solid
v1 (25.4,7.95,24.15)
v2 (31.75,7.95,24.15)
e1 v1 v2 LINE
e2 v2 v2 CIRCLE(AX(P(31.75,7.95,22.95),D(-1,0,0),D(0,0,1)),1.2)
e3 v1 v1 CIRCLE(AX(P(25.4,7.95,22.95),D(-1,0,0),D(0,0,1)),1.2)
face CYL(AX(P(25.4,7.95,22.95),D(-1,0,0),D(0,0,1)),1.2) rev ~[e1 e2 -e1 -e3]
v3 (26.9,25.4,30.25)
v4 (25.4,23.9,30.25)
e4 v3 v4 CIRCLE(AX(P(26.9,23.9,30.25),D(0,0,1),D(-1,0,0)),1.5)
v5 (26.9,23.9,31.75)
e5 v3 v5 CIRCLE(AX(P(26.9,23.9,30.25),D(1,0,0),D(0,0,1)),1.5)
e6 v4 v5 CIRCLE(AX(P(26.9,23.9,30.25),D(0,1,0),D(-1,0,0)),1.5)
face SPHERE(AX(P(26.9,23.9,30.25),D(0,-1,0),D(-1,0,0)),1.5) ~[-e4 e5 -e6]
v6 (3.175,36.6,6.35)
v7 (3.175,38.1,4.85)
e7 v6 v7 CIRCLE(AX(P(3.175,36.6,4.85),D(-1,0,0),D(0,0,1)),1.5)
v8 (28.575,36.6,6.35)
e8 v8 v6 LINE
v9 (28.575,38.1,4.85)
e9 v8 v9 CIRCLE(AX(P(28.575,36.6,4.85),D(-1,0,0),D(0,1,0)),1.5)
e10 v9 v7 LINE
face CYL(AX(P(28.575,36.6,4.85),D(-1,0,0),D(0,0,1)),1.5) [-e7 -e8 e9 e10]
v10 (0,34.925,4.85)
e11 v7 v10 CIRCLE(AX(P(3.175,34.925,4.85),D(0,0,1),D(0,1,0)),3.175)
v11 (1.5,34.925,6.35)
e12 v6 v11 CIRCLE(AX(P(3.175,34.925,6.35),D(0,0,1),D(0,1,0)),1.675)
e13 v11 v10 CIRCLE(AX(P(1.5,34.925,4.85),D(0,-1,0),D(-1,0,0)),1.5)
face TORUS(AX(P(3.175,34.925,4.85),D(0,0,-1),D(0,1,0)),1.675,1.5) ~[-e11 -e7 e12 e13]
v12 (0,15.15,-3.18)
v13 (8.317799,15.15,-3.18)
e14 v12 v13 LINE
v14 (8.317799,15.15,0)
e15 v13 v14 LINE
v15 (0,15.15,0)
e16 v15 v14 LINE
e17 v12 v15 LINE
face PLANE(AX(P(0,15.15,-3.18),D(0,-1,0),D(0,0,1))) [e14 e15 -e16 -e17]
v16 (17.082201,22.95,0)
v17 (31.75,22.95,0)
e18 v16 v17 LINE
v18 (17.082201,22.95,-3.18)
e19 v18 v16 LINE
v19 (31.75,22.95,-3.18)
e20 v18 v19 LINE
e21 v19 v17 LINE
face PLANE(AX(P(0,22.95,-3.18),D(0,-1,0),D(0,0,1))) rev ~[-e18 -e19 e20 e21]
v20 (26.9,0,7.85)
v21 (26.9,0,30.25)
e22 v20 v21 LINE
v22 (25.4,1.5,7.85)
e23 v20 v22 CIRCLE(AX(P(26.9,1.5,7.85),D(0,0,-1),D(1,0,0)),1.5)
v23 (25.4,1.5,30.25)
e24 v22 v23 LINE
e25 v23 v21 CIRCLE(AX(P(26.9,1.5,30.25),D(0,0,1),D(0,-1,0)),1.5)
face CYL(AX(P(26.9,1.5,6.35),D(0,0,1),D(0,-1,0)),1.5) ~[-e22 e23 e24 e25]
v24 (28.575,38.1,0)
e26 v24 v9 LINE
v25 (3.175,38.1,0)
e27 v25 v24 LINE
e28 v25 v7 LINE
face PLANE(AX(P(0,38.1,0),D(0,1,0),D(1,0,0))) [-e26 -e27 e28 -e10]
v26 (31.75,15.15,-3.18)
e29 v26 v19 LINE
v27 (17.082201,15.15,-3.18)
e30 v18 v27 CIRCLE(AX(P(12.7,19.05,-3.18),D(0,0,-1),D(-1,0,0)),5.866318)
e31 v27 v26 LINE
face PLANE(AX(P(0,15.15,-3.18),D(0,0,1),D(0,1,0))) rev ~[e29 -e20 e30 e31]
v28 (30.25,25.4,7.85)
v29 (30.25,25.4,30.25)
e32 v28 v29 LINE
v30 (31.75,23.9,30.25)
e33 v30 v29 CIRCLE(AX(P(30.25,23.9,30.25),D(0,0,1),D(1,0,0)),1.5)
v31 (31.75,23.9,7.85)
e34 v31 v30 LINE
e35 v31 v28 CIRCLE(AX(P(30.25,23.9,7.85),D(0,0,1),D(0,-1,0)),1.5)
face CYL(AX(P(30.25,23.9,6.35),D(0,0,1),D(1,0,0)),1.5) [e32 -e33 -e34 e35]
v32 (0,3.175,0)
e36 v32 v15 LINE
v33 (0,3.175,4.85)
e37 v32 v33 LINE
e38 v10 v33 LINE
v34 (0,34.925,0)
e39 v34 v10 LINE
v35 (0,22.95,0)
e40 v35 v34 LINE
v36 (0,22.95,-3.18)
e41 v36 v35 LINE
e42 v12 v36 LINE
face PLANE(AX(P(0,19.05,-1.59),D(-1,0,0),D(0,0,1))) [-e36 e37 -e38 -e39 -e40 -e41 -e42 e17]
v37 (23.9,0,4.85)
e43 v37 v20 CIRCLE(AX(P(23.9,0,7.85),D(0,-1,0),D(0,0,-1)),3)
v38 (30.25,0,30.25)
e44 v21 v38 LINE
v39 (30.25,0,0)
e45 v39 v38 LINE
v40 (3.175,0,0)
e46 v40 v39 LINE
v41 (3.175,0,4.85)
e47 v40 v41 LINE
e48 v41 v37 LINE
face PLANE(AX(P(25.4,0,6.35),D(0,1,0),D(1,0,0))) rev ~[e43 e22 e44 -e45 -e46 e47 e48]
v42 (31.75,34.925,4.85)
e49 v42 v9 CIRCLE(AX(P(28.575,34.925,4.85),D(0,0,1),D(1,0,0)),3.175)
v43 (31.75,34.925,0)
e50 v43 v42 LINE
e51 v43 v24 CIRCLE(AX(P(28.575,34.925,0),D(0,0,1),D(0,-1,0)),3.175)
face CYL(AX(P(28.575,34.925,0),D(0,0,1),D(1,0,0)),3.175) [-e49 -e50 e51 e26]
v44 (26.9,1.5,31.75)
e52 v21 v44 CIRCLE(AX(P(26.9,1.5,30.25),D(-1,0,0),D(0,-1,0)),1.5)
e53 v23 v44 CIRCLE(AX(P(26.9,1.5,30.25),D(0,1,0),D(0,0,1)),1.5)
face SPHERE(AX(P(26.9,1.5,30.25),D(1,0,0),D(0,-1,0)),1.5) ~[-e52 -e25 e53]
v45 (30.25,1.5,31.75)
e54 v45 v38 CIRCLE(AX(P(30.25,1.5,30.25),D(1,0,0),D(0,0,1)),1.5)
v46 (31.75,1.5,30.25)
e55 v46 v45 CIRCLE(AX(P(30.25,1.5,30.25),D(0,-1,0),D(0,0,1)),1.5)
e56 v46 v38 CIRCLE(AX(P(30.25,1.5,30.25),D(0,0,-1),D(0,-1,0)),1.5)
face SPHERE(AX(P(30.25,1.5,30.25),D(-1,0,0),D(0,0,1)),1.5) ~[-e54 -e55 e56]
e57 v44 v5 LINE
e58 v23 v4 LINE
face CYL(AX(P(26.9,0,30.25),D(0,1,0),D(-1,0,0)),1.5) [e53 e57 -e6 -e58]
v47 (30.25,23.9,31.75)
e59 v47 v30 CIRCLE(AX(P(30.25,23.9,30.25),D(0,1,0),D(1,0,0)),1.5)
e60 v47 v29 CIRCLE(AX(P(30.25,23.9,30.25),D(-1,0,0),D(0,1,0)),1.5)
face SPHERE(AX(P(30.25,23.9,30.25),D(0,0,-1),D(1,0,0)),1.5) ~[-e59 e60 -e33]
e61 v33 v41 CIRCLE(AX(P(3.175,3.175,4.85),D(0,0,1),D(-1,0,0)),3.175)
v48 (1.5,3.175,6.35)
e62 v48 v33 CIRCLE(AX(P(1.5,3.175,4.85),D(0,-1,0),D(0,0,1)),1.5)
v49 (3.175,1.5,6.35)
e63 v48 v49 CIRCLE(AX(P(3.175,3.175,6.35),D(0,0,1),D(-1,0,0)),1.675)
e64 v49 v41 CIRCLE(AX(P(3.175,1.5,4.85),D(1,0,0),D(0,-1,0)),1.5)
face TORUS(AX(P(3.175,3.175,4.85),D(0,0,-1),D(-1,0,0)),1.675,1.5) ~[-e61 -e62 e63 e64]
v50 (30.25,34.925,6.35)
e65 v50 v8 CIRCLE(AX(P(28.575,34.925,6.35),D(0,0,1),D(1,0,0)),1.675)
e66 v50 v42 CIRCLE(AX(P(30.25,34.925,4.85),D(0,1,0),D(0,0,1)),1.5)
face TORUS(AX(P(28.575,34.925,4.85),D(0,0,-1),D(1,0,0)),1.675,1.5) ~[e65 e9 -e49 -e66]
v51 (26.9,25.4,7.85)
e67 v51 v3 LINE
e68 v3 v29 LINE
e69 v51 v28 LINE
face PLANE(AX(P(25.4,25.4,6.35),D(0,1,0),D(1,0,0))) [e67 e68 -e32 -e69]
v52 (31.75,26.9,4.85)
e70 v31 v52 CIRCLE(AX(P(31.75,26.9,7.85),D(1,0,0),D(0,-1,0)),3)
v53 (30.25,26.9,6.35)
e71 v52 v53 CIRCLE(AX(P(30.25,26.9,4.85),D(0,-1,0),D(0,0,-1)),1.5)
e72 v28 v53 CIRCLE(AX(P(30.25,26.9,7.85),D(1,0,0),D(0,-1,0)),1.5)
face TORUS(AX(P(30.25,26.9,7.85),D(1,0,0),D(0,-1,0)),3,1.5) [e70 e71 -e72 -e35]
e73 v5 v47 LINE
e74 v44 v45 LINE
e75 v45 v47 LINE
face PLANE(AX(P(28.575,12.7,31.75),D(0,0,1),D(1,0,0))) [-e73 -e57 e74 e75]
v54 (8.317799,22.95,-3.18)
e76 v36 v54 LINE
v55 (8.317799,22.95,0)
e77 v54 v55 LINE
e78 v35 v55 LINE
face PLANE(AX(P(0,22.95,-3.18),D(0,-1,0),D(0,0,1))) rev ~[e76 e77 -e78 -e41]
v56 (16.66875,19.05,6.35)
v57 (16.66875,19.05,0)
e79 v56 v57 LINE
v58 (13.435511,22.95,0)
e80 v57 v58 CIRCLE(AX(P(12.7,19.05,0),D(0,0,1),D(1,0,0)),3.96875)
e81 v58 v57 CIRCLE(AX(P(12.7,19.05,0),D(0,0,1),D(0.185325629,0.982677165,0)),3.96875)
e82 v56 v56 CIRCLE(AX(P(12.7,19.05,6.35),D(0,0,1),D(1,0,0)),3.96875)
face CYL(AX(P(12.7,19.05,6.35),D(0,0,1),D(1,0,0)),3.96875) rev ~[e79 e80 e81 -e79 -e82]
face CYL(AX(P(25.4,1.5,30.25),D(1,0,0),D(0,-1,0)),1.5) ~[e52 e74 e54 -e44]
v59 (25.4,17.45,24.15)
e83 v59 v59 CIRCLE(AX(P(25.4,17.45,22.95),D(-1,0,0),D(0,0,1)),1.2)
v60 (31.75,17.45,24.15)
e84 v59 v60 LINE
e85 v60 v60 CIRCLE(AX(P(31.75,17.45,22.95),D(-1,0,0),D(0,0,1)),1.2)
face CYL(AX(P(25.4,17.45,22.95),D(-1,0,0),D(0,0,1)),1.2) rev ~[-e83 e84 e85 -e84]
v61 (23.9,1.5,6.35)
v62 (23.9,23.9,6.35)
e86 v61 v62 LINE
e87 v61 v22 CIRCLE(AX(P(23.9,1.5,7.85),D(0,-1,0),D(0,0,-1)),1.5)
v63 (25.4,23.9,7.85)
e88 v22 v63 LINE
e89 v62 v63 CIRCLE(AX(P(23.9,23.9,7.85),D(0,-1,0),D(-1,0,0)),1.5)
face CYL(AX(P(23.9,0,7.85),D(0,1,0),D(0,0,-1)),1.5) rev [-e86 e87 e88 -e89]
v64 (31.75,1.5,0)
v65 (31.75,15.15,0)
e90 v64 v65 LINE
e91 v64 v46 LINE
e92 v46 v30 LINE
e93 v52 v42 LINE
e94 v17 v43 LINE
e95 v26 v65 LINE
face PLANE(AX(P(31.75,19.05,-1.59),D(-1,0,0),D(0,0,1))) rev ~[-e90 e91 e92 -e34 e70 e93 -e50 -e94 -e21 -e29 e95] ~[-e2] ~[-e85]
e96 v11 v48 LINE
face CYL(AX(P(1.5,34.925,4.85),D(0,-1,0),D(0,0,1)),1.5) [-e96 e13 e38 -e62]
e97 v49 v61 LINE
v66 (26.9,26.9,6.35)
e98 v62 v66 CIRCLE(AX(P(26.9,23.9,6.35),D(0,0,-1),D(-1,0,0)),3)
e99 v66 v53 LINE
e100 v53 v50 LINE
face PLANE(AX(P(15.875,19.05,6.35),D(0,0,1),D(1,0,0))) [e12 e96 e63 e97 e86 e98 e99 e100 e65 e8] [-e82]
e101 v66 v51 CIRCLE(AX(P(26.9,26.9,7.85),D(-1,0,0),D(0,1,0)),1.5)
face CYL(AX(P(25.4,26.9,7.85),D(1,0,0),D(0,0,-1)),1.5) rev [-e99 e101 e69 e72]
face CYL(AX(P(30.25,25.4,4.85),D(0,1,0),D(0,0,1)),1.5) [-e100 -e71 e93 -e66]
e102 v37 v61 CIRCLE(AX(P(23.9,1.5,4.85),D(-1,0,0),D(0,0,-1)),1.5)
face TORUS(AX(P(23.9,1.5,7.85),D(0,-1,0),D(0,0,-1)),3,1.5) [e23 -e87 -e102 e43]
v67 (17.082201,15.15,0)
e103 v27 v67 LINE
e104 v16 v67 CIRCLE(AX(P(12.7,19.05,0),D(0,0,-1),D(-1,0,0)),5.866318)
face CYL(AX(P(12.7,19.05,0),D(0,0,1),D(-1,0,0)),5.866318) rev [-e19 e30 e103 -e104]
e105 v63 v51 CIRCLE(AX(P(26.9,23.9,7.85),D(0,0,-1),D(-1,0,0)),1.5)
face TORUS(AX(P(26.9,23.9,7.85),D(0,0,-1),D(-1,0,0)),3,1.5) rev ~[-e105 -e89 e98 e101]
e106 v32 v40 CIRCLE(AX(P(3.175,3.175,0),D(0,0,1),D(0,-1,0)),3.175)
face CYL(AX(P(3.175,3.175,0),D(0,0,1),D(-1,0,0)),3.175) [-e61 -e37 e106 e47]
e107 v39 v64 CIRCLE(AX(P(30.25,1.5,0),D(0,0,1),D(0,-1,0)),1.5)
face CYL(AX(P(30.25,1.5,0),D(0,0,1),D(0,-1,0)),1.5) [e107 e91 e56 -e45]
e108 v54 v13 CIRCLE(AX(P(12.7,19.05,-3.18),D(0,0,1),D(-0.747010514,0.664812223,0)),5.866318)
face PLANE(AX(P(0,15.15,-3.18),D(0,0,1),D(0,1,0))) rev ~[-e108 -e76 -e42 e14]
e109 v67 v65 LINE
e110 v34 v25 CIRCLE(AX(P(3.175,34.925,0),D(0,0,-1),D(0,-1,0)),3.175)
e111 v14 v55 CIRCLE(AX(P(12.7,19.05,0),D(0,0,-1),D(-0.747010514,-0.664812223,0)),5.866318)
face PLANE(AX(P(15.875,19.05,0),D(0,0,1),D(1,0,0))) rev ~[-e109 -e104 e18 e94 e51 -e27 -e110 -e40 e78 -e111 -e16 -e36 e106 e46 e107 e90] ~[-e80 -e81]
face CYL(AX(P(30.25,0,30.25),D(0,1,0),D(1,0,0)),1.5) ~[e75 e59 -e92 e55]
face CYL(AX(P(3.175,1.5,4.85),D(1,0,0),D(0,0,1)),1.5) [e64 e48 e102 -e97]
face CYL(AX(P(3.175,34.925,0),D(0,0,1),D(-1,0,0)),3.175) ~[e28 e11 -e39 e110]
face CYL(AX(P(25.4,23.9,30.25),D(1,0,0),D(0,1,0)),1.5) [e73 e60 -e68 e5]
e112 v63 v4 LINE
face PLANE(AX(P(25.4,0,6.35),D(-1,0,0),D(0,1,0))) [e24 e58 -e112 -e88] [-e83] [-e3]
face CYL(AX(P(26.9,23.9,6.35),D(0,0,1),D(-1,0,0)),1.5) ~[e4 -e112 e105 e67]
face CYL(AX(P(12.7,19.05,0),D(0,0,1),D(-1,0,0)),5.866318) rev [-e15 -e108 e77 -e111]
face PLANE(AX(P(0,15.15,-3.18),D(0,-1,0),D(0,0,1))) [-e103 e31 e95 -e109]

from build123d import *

# Parameters (mm, degrees)
SKETCH1_W           = 31.75
SKETCH1_H           = 38.1
BOSS_EXTRUDE1_DEPTH = 6.35
SKETCH2_W           = 6.35
SKETCH2_H           = 25.4
BOSS_EXTRUDE2_DEPTH = 25.4
SKETCH3_R           = 1.2
CUT_EXTRUDE1_DEPTH  = 7.35
SKETCH4_R           = 3.96875
CUT_EXTRUDE2_DEPTH  = 7.35
SKETCH5_W           = 3.18
SKETCH5_H           = 7.8
BOSS_EXTRUDE3_DEPTH = 31.75
FILLET1_R           = 3.175
FILLET2_R           = 1.5
CUT_EXTRUDE3_DEPTH  = 4.18
SKETCH7_R           = 5.866318131
CUT_EXTRUDE4_DEPTH  = 3.18


with BuildPart() as part:
    # Sketch1 → Boss-Extrude1 (new body)
    with BuildSketch(Plane.XY):
        with Locations((15.875, 19.05)):
            Rectangle(SKETCH1_W, SKETCH1_H)
    extrude(amount=BOSS_EXTRUDE1_DEPTH)

    # Sketch2 → Boss-Extrude2 (add)
    with BuildSketch(Plane.XY.offset(6.35)):
        with Locations((28.575, 12.7)):
            Rectangle(SKETCH2_W, SKETCH2_H)
    extrude(amount=BOSS_EXTRUDE2_DEPTH)

    # Sketch3 → Cut-Extrude1 (cut, through all)
    with BuildSketch(Plane.ZY.offset(-25.4)):
        with Locations((22.95, 17.45)):
            Circle(SKETCH3_R)
        with Locations((22.95, 7.95)):
            Circle(SKETCH3_R)
    extrude(amount=-CUT_EXTRUDE1_DEPTH, mode=Mode.SUBTRACT)

    # Sketch4 → Cut-Extrude2 (cut, through all)
    with BuildSketch(Plane.XY.offset(6.35)):
        with Locations((12.7, 19.05)):
            Circle(SKETCH4_R)
    extrude(amount=-CUT_EXTRUDE2_DEPTH, mode=Mode.SUBTRACT)

    # Sketch5 → Boss-Extrude3 (add)
    with BuildSketch(Plane.ZY):
        with Locations((-1.59, 19.05)):
            Rectangle(SKETCH5_W, SKETCH5_H)
    extrude(amount=-BOSS_EXTRUDE3_DEPTH)

    # Fillet1
    fillet1_edges = [part.edges().sort_by_distance(p)[0] for p in [
        (0, 0, 3.175),
        (0, 38.1, 3.175),
        (31.75, 38.1, 3.175),
    ]]
    fillet(fillet1_edges, radius=FILLET1_R)

    # Fillet2
    fillet2_edges = [part.edges().sort_by_distance(p)[0] for p in [
        (31.75, 30.1625, 6.35),
        (28.575, 0, 31.75),
        (25.4, 0, 19.05),
        (28.575, 25.4, 6.35),
        (31.75, 25.4, 19.05),
        (25.4, 12.7, 31.75),
        (25.4, 25.4, 19.05),
        (31.75, 12.7, 31.75),
        (28.575, 25.4, 31.75),
        (25.4, 12.7, 6.35),
        (15.875, 38.1, 6.35),
        (14.2875, 0, 6.35),
        (0, 19.05, 6.35),
        (0.92993597, 0.92993597, 6.35),
        (0.92993597, 37.17006403, 6.35),
        (30.82006403, 37.17006403, 6.35),
        (31.75, 0, 15.875),
    ]]
    fillet(fillet2_edges, radius=FILLET2_R)

    # Sketch6 → Cut-Extrude3 (cut, through all)
    with BuildSketch(Plane.XY):
        with BuildLine():
            Line((13.435511089, 22.95), (11.964488911, 22.95))
            ThreePointArc((11.964488911, 22.95), (8.73125, 19.05), (11.964488911, 15.15))
            Line((11.964488911, 15.15), (13.435511089, 15.15))
            ThreePointArc((13.435511089, 15.15), (16.66875, 19.05), (13.435511089, 22.95))
        make_face()
    extrude(amount=-CUT_EXTRUDE3_DEPTH, mode=Mode.SUBTRACT)

    # Sketch7 → Cut-Extrude4 (cut)
    with BuildSketch(Plane(origin=(0, 0, 0), x_dir=(-1, 0, 0), z_dir=(0, 0, -1))):
        with Locations((-12.7, 19.05)):
            Circle(SKETCH7_R)
    extrude(amount=CUT_EXTRUDE4_DEPTH, mode=Mode.SUBTRACT)


solid = part.part
